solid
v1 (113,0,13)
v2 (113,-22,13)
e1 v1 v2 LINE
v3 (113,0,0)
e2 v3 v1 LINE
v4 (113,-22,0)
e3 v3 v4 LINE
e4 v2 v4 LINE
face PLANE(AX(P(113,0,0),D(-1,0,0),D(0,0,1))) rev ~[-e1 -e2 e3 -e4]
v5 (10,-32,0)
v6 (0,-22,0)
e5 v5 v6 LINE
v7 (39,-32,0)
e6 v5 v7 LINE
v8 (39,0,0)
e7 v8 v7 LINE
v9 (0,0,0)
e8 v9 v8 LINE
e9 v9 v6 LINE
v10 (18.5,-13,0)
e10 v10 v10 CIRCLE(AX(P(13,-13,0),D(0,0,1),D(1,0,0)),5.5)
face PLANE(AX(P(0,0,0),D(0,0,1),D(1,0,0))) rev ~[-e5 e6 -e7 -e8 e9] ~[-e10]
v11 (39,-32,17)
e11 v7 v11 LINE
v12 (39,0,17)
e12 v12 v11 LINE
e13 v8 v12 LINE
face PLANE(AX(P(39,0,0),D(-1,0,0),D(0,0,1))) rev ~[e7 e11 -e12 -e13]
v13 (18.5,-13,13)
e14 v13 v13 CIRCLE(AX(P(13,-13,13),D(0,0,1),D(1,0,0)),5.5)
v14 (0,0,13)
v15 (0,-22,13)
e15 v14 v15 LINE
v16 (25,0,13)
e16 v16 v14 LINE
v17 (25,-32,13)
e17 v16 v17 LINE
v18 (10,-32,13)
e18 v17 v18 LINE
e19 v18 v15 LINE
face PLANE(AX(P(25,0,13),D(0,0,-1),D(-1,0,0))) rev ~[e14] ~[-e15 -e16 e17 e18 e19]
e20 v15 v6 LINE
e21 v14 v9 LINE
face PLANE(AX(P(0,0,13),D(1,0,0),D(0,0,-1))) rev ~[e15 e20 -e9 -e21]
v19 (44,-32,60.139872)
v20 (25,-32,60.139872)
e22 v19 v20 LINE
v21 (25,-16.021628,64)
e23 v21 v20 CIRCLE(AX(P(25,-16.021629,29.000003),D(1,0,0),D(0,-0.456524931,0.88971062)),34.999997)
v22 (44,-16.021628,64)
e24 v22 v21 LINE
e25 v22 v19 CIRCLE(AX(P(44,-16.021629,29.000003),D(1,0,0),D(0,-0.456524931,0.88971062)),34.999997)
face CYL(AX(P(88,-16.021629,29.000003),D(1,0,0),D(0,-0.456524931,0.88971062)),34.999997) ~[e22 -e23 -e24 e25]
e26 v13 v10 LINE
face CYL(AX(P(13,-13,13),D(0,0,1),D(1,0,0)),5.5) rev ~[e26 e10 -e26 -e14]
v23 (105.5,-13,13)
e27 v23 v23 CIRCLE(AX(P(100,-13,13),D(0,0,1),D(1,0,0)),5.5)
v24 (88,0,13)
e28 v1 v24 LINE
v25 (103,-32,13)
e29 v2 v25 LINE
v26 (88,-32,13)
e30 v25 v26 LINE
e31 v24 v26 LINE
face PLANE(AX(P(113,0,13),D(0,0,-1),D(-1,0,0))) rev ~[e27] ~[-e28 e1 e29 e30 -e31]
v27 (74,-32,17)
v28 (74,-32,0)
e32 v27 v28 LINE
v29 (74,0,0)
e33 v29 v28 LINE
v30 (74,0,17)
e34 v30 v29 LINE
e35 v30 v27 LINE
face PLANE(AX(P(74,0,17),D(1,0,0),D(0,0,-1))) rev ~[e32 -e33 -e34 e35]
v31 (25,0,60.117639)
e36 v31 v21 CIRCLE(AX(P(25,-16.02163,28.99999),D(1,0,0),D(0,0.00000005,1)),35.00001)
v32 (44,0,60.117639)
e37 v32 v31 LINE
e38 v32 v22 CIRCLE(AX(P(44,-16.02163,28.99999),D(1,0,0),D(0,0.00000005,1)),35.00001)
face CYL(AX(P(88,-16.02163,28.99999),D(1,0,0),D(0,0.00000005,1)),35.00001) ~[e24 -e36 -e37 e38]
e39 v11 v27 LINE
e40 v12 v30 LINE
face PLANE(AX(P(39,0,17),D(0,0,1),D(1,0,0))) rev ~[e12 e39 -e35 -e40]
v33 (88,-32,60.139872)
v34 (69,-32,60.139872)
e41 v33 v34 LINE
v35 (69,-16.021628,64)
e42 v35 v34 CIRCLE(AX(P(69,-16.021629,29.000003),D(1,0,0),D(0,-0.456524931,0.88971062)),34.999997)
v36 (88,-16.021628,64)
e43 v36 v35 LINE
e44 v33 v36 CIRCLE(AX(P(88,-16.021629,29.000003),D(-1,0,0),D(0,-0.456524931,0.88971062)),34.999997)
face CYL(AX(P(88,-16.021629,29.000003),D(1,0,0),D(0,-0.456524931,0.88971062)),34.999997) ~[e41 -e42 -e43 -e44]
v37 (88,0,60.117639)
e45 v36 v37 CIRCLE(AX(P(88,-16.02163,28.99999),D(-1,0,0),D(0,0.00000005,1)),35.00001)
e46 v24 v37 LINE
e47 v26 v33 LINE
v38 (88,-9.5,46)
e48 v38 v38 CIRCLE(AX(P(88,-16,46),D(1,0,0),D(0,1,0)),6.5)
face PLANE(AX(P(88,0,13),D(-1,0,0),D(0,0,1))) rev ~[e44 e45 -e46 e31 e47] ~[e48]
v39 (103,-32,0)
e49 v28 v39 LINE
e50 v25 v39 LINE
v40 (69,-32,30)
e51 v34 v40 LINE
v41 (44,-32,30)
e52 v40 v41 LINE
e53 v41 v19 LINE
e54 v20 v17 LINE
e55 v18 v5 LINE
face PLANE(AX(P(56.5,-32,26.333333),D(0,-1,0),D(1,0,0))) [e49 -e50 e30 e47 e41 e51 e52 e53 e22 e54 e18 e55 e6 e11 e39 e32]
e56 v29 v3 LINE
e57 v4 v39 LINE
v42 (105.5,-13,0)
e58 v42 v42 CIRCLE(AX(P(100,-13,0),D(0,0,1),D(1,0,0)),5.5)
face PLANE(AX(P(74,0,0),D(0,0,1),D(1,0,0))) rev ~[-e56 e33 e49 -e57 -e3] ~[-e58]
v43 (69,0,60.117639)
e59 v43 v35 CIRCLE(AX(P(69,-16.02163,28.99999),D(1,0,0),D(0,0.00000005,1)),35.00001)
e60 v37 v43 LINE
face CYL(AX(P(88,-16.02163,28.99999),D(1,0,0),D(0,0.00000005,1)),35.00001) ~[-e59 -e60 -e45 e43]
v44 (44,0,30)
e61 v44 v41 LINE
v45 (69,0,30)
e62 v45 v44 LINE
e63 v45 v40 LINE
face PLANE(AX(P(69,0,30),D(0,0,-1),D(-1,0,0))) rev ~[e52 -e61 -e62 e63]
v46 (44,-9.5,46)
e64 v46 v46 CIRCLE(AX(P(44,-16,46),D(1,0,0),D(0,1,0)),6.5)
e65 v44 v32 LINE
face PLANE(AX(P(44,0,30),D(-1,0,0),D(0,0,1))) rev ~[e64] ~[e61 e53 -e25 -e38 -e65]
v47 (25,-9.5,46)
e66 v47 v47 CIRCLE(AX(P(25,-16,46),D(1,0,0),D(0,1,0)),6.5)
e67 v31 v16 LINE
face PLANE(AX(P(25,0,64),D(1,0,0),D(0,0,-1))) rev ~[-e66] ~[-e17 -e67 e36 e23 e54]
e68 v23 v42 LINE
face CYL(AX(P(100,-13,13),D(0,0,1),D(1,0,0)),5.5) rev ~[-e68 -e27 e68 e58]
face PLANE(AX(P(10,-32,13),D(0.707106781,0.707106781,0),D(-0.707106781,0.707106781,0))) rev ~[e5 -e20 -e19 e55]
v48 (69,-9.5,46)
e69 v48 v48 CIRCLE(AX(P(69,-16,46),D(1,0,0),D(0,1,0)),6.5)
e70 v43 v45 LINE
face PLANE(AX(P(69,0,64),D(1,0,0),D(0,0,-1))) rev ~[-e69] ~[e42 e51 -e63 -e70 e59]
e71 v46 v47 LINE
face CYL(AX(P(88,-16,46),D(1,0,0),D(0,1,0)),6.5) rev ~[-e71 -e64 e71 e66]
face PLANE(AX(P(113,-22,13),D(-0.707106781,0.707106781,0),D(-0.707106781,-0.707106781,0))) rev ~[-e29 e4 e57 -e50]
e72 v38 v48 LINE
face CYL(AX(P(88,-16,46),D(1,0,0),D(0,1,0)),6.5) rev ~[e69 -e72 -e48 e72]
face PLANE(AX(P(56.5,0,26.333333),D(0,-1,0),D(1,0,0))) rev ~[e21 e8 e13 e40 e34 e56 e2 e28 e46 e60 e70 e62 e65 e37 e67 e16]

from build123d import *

# Parameters (mm, degrees)
F1_DEPTH = 32
F2_R     = 6.5
F3_DEPTH = 88.001
F4_R     = 5.5
F5_DEPTH = 13.001
F6_R     = 5.5
F7_DEPTH = 13.001


with BuildPart() as f1:
    # F0 (on Front) → F1 (new body)
    with BuildSketch(Plane.XZ):
        Polygon((0, 13), (0, 0), (39, 0), (39, 17), (74, 17), (74, 0), (113, 0), (113, 13), (88, 13), (88, 64), (69, 64), (69, 30), (44, 30), (44, 64), (25, 64), (25, 13), align=None)
    extrude(amount=F1_DEPTH)

    # F2 (on face) → F3 (cut, through all)
    with BuildSketch(Plane.YZ.offset(88)):
        with Locations((-16, 46)):
            Circle(F2_R)
        with BuildLine():
            Line((0, 64), (-16.021628, 64))
            ThreePointArc((-16.021628, 64), (-7.778975, 63.015565), (0, 60.117639))
            Line((0, 60.117639), (0, 64))
        make_face()
        with BuildLine():
            Line((-32, 64), (-32, 60.139872))
            ThreePointArc((-32, 60.139872), (-24.240645, 63.021284), (-16.021628, 64))
            Line((-16.021628, 64), (-32, 64))
        make_face()
    extrude(amount=-F3_DEPTH, mode=Mode.SUBTRACT)

    # F4 (on face) → F5 (cut, through all)
    with BuildSketch(Plane.XY.offset(13)):
        with Locations((100, -13)):
            Circle(F4_R)
        Polygon((113, -22), (103, -32), (113, -32), align=None)
    extrude(amount=-F5_DEPTH, mode=Mode.SUBTRACT)

    # F6 (on face) → F7 (cut, through all)
    with BuildSketch(Plane.XY.offset(13)):
        with Locations((13, -13)):
            Circle(F6_R)
        Polygon((0, -32), (10, -32), (0, -22), align=None)
    extrude(amount=-F7_DEPTH, mode=Mode.SUBTRACT)


solid = f1.part
